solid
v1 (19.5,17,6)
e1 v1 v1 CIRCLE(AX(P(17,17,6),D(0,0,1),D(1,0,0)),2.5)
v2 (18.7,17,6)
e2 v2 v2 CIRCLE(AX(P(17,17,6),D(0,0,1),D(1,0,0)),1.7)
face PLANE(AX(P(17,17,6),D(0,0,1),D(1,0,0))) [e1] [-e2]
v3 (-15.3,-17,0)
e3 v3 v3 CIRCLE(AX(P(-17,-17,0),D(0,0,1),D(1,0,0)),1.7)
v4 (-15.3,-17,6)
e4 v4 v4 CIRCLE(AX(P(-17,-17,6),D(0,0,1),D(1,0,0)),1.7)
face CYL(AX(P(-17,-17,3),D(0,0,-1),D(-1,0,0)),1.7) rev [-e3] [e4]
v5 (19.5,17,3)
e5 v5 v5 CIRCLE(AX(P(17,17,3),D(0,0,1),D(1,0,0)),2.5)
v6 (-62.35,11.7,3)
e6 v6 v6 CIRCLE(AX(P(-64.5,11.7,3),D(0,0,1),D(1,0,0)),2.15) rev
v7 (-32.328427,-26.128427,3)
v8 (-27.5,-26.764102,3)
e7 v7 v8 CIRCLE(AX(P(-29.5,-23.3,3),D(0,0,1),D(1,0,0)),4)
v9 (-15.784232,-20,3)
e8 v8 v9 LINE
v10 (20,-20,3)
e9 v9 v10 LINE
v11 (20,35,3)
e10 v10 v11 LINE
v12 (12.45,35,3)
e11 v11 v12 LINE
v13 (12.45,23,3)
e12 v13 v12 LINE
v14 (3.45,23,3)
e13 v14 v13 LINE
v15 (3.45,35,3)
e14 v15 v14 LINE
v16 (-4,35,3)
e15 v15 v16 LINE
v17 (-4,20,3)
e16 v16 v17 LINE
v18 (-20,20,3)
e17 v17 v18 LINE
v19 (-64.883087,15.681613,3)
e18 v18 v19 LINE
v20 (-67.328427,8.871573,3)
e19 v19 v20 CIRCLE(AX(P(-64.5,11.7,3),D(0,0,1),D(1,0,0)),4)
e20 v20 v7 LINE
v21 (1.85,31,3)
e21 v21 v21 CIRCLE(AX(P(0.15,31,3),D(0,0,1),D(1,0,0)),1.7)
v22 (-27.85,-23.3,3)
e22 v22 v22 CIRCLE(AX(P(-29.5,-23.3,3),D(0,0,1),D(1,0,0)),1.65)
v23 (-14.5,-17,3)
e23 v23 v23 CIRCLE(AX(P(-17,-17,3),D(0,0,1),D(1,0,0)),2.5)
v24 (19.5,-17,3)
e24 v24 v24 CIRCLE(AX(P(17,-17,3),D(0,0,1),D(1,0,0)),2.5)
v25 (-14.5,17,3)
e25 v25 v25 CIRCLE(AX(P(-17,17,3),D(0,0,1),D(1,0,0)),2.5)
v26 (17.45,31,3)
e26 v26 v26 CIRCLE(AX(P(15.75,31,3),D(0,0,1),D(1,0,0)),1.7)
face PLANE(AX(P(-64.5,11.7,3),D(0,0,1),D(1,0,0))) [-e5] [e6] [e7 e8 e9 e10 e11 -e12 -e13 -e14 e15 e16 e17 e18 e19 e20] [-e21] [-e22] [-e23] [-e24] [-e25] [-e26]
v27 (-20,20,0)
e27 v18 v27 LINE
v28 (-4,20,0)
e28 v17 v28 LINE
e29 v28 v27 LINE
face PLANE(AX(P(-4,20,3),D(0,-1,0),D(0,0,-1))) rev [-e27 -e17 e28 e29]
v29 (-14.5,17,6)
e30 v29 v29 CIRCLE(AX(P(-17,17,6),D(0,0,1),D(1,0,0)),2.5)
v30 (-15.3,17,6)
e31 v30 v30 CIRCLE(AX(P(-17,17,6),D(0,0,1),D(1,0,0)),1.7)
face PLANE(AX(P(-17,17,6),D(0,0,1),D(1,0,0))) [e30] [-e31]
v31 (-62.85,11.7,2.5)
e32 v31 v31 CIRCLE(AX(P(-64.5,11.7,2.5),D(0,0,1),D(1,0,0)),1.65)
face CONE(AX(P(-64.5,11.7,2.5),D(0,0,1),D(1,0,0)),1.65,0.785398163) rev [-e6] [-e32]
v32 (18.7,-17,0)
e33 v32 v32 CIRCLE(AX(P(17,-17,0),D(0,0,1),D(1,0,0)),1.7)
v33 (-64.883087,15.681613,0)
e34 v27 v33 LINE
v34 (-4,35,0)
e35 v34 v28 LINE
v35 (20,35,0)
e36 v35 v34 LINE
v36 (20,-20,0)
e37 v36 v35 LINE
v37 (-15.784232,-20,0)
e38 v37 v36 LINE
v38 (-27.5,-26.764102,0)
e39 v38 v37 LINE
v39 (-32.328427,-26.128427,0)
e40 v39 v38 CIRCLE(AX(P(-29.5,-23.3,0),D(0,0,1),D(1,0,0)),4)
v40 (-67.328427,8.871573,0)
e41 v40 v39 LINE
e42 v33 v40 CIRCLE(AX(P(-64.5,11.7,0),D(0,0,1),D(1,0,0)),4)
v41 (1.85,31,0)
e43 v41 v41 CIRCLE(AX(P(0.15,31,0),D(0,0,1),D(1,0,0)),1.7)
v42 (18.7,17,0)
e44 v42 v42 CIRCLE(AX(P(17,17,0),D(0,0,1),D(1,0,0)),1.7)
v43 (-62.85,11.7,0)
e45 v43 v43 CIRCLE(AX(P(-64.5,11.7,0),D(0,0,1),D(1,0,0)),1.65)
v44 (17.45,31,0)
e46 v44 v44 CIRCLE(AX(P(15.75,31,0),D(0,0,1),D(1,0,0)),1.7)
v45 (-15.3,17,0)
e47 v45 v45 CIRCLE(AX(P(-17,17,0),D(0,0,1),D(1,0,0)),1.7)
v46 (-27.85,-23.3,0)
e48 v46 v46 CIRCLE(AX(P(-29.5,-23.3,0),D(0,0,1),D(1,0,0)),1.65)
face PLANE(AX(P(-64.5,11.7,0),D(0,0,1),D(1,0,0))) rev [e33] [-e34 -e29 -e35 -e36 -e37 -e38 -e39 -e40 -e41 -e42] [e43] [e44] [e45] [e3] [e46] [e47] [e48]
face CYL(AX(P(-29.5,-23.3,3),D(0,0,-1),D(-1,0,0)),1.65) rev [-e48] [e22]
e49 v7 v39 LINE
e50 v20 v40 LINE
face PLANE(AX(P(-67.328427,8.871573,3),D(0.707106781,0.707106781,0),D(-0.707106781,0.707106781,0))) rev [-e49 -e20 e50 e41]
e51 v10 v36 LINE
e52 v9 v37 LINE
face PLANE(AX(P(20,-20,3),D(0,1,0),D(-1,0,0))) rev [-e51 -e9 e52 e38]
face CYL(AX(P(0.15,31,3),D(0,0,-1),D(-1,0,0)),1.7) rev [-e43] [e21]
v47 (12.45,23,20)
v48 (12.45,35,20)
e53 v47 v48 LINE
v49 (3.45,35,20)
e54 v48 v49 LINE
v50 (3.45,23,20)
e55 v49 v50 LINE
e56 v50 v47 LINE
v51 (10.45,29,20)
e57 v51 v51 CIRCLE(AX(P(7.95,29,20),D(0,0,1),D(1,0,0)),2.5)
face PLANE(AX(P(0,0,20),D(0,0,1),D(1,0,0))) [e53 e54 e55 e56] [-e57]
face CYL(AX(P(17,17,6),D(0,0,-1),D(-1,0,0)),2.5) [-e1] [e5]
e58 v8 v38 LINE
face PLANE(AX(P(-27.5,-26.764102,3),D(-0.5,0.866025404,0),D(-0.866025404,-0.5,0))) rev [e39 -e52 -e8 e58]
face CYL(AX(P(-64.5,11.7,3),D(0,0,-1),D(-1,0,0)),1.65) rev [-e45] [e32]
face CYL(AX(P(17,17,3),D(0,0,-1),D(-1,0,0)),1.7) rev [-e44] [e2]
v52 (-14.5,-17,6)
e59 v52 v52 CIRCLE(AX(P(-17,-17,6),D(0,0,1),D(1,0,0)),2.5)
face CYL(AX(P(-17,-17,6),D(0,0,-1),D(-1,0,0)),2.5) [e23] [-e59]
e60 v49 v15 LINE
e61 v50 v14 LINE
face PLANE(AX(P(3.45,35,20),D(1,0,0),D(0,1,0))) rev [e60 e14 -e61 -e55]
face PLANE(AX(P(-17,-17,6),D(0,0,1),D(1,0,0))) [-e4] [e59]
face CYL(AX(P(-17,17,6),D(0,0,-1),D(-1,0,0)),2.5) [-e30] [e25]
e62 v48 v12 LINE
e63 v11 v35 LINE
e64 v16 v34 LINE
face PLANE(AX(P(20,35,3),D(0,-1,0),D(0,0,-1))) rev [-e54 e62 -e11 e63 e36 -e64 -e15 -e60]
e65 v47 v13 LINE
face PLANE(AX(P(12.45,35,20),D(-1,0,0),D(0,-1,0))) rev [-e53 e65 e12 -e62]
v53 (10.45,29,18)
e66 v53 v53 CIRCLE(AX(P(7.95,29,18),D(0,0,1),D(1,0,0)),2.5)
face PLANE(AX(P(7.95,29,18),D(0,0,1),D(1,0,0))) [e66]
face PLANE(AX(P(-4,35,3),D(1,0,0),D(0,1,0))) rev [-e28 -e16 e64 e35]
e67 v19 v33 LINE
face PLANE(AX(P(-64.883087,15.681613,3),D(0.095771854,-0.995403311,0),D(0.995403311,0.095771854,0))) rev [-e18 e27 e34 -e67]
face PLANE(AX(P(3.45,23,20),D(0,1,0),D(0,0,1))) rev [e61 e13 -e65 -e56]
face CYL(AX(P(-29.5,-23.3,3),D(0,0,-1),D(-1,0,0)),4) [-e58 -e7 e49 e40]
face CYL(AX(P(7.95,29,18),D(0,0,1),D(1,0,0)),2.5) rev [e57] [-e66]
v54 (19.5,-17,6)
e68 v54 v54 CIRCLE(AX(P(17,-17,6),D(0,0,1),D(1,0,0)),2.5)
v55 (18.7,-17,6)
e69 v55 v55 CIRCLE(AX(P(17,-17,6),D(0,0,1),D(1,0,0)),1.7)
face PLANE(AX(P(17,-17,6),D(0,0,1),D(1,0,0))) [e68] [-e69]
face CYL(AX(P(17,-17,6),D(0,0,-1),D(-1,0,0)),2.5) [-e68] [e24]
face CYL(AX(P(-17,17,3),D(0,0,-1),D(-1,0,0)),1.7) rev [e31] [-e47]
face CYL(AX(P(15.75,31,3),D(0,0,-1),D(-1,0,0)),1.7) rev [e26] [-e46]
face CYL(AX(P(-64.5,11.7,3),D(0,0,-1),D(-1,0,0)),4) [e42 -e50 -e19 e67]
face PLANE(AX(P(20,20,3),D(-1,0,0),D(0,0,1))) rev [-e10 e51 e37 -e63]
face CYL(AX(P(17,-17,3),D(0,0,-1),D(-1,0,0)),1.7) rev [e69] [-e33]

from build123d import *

# Parameters (mm, degrees)
SKETCH1_R           = 1.7
SKETCH1_R_2         = 1.65
BOSS_EXTRUDE1_DEPTH = 3
CHAMFER2_SIZE       = 0.5
SKETCH2_W           = 9
SKETCH2_H           = 12
BOSS_EXTRUDE2_DEPTH = 17
SKETCH3_R           = 2.5
CUT_EXTRUDE1_DEPTH  = 2
SKETCH4_R           = 2.5
SKETCH4_R_2         = 1.7
BOSS_EXTRUDE3_DEPTH = 3


with BuildPart() as part:
    # Sketch1 → Boss-Extrude1 (new body)
    with BuildSketch(Plane.XY):
        with BuildLine():
            Line((20, 20), (20, -20))
            Line((20, -20), (-15.784232335, -20))
            Line((-15.784232335, -20), (-27.5, -26.764101615))
            ThreePointArc((-27.5, -26.764101615), (-30.022104769, -27.265779445), (-32.328427125, -26.128427125))
            Line((-32.328427125, -26.128427125), (-67.328427125, 8.871572875))
            ThreePointArc((-67.328427125, 8.871572875), (-68.264653884, 13.051806618), (-64.883087414, 15.681613245))
            Line((-64.883087414, 15.681613245), (-20, 20))
            Line((-20, 20), (-4, 20))
            Line((-4, 20), (-4, 35))
            Line((-4, 35), (20, 35))
            Line((20, 35), (20, 20))
        make_face()
        with Locations((-17, 17)):
            Circle(SKETCH1_R, mode=Mode.SUBTRACT)
        with Locations((17, 17)):
            Circle(SKETCH1_R, mode=Mode.SUBTRACT)
        with Locations((17, -17)):
            Circle(SKETCH1_R, mode=Mode.SUBTRACT)
        with Locations((-17, -17)):
            Circle(SKETCH1_R, mode=Mode.SUBTRACT)
        with Locations((0.15, 31)):
            Circle(SKETCH1_R, mode=Mode.SUBTRACT)
        with Locations((15.75, 31)):
            Circle(SKETCH1_R, mode=Mode.SUBTRACT)
        with Locations((-64.5, 11.7)):
            Circle(SKETCH1_R_2, mode=Mode.SUBTRACT)
        with Locations((-29.5, -23.3)):
            Circle(SKETCH1_R_2, mode=Mode.SUBTRACT)
    extrude(amount=BOSS_EXTRUDE1_DEPTH)

    # Chamfer2
    chamfer2_edges = [part.edges().sort_by_distance(p)[0] for p in [
        (-66.15, 11.7, 3),
    ]]
    chamfer(chamfer2_edges, length=CHAMFER2_SIZE)

    # Sketch2 → Boss-Extrude2 (add)
    with BuildSketch(Plane.XY.offset(3)):
        with Locations((7.95, 29)):
            Rectangle(SKETCH2_W, SKETCH2_H)
    extrude(amount=BOSS_EXTRUDE2_DEPTH)

    # Sketch3 → Cut-Extrude1 (cut)
    with BuildSketch(Plane.XY.offset(20)):
        with Locations((7.95, 29)):
            Circle(SKETCH3_R)
    extrude(amount=-CUT_EXTRUDE1_DEPTH, mode=Mode.SUBTRACT)

    # Sketch4 → Boss-Extrude3 (add)
    # profile 1 of 4: a face of its own
    with BuildSketch(Plane.XY.offset(3)):
        with Locations((-17, 17)):
            Circle(SKETCH4_R)
        with Locations((-17, 17)):
            Circle(SKETCH4_R_2, mode=Mode.SUBTRACT)
    # profile 2 of 4: a face of its own
    with BuildSketch(Plane.XY.offset(3)):
        with Locations((17, 17)):
            Circle(SKETCH4_R)
        with Locations((17, 17)):
            Circle(SKETCH4_R_2, mode=Mode.SUBTRACT)
    # profile 3 of 4: a face of its own
    with BuildSketch(Plane.XY.offset(3)):
        with Locations((-17, -17)):
            Circle(SKETCH4_R)
        with Locations((-17, -17)):
            Circle(SKETCH4_R_2, mode=Mode.SUBTRACT)
    # profile 4 of 4: a face of its own
    with BuildSketch(Plane.XY.offset(3)):
        with Locations((17, -17)):
            Circle(SKETCH4_R)
        with Locations((17, -17)):
            Circle(SKETCH4_R_2, mode=Mode.SUBTRACT)
    extrude(amount=BOSS_EXTRUDE3_DEPTH)


solid = part.part
